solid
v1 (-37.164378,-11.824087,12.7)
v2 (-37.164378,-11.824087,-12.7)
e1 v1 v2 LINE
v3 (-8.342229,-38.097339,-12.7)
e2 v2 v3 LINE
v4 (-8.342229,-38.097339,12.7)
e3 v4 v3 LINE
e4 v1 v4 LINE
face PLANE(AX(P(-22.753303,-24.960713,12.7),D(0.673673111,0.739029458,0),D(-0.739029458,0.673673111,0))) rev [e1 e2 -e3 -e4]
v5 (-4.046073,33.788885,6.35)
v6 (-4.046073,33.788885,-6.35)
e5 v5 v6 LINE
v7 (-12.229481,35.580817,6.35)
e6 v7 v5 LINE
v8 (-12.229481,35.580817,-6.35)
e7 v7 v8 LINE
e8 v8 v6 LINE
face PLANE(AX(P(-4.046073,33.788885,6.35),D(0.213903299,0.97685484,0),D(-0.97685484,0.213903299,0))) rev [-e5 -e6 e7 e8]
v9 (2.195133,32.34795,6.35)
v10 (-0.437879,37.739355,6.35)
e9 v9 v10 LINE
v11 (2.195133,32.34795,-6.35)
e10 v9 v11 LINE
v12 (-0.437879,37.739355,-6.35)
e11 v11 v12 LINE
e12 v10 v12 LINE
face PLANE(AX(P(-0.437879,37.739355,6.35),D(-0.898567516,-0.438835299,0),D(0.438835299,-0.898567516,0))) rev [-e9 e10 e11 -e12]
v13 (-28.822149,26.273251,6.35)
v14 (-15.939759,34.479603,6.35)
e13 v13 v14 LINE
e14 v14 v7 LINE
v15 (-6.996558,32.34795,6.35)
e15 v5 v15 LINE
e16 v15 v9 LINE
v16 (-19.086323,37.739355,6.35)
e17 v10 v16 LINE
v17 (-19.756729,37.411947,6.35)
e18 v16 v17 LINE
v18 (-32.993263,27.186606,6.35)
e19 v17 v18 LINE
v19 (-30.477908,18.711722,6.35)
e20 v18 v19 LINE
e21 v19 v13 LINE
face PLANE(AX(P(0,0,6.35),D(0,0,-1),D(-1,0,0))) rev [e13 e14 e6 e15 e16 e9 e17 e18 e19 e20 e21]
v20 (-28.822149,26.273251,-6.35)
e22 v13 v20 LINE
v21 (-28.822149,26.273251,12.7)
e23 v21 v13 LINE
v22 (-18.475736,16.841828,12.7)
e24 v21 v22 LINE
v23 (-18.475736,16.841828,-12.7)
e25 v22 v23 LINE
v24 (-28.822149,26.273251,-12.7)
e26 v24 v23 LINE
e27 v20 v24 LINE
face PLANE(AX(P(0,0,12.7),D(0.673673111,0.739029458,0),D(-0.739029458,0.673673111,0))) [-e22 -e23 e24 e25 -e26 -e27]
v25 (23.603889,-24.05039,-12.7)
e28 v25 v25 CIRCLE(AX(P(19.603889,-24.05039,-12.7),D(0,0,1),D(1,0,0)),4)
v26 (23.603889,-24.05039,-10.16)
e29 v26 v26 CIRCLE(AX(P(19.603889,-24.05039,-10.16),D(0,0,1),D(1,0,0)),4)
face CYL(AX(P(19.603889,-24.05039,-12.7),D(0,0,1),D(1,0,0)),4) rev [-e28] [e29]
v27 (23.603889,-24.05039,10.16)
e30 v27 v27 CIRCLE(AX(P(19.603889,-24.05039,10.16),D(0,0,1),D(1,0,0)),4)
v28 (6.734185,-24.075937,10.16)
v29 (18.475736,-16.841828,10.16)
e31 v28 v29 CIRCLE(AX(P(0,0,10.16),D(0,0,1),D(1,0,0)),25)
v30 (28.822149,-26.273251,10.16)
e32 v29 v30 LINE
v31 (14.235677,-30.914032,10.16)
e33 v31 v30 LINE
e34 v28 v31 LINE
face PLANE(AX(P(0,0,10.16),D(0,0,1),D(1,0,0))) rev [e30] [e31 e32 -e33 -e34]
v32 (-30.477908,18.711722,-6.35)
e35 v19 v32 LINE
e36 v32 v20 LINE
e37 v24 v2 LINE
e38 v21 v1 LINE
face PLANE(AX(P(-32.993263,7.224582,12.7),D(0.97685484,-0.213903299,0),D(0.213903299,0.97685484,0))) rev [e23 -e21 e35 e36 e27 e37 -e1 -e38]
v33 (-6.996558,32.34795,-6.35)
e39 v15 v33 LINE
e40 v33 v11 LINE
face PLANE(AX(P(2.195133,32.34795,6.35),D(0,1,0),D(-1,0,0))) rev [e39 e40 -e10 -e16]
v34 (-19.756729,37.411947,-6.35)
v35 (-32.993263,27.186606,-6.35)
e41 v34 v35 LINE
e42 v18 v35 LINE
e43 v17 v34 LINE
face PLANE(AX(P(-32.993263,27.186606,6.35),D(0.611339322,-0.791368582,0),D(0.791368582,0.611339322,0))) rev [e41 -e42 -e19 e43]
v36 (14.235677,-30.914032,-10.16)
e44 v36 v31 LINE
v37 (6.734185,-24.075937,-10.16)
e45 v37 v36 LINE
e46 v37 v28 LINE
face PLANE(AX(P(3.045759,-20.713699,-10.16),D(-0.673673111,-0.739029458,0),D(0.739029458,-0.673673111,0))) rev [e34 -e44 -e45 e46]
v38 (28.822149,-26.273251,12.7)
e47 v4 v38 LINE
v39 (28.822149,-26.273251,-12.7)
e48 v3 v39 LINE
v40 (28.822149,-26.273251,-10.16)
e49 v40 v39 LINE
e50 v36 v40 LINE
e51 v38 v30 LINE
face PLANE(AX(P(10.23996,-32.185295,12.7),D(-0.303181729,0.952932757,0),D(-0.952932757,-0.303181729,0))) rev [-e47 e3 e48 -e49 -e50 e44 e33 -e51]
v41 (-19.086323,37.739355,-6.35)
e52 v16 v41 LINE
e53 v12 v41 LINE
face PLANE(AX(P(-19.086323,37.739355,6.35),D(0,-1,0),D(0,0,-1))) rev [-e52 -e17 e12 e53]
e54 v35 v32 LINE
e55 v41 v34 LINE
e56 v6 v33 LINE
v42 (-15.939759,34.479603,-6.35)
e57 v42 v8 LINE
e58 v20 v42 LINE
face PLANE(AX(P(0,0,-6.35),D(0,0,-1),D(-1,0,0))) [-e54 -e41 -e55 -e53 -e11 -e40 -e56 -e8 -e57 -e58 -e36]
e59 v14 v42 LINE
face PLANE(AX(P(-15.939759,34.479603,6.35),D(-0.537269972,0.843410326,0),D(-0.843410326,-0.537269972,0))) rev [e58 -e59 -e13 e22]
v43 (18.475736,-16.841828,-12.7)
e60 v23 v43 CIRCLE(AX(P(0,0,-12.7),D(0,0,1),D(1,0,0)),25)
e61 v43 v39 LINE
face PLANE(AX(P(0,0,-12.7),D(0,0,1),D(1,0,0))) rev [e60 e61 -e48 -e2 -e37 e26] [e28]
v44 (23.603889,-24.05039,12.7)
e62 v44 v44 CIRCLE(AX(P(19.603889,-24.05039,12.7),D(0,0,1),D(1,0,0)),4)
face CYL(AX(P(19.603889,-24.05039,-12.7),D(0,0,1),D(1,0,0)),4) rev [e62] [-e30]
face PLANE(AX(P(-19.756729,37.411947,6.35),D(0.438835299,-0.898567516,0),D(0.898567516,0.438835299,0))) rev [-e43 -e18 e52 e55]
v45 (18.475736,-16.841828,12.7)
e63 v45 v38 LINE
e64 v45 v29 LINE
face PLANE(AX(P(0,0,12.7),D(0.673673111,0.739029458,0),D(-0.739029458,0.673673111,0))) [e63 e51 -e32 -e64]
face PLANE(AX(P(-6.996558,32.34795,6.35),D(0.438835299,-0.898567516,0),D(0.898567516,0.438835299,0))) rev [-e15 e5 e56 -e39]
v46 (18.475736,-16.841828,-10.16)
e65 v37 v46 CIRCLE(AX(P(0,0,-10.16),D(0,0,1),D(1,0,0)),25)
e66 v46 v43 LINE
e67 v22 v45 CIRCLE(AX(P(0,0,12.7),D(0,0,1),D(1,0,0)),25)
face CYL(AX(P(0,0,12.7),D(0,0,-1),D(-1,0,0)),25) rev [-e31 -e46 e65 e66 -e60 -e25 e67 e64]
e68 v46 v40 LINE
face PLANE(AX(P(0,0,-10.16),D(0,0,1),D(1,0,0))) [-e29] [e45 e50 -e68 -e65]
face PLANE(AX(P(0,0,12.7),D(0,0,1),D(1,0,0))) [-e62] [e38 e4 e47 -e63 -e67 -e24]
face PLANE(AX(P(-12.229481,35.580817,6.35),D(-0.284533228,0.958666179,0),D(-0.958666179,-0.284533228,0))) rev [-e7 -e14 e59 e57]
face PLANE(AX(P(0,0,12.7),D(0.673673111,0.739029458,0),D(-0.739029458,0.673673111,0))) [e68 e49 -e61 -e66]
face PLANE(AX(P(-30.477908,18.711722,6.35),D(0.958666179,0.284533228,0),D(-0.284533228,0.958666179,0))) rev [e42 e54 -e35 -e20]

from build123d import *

# Parameters (mm, degrees)
BOSS_EXTRUDE1_DEPTH     = 12.7
CUT_EXTRUDE1_DEPTH      = 10.16
CUT_EXTRUDE2_DEPTH      = 59.972520527
CUT_EXTRUDE2_DEPTH_BACK = 59.972520527
SKETCH3_R               = 4
BOSS_EXTRUDE2_DEPTH     = 6.35


with BuildPart() as part:
    # Sketch1 → Boss-Extrude1 (new, symmetric)
    with BuildSketch(Plane.XY):
        with BuildLine():
            Line((-18.475736443, 16.841827778), (-28.822148851, 26.273251333))
            Line((-28.822148851, 26.273251333), (-37.16437752, -11.82408743))
            Line((-37.16437752, -11.82408743), (-8.342228669, -38.097338763))
            Line((-8.342228669, -38.097338763), (28.822148851, -26.273251333))
            Line((28.822148851, -26.273251333), (18.475736443, -16.841827778))
            ThreePointArc((18.475736443, -16.841827778), (-16.841827778, -18.475736443), (-18.475736443, 16.841827778))
        make_face()
    extrude(amount=BOSS_EXTRUDE1_DEPTH, both=True)

    # Sketch2 → Cut-Extrude1 (cut, symmetric)
    with BuildSketch(Plane.XY):
        Polygon((3.04575912, -20.713698515), (17.349372708, -33.752366684), (38.911165868, -25.491143251), (19.249454098, -2.938003279), align=None)
    extrude(amount=CUT_EXTRUDE1_DEPTH, both=True, mode=Mode.SUBTRACT)

    # Sketch3 → Cut-Extrude2 (cut, two sides: drawn at the far end of the back side and taken through both)
    with BuildSketch(Plane.XY.offset(12.7).offset(-CUT_EXTRUDE2_DEPTH_BACK)):
        with Locations((19.603889038, -24.050389858)):
            Circle(SKETCH3_R)
    extrude(amount=CUT_EXTRUDE2_DEPTH + CUT_EXTRUDE2_DEPTH_BACK, mode=Mode.SUBTRACT)

    # Sketch5 → Boss-Extrude2 (add, symmetric)
    with BuildSketch(Plane.XY):
        Polygon((-30.477907749, 18.711721897), (-32.993263185, 27.186606195), (-19.756729053, 37.411947448), (-19.086323313, 37.739354902), (-0.437878578, 37.739354902), (2.195133213, 32.347949806), (-6.996558268, 32.347949806), (-4.046072735, 33.788884601), (-12.229481166, 35.580817231), (-15.939758745, 34.479602565), (-28.822148851, 26.273251333), align=None)
    extrude(amount=BOSS_EXTRUDE2_DEPTH, both=True)


solid = part.part
